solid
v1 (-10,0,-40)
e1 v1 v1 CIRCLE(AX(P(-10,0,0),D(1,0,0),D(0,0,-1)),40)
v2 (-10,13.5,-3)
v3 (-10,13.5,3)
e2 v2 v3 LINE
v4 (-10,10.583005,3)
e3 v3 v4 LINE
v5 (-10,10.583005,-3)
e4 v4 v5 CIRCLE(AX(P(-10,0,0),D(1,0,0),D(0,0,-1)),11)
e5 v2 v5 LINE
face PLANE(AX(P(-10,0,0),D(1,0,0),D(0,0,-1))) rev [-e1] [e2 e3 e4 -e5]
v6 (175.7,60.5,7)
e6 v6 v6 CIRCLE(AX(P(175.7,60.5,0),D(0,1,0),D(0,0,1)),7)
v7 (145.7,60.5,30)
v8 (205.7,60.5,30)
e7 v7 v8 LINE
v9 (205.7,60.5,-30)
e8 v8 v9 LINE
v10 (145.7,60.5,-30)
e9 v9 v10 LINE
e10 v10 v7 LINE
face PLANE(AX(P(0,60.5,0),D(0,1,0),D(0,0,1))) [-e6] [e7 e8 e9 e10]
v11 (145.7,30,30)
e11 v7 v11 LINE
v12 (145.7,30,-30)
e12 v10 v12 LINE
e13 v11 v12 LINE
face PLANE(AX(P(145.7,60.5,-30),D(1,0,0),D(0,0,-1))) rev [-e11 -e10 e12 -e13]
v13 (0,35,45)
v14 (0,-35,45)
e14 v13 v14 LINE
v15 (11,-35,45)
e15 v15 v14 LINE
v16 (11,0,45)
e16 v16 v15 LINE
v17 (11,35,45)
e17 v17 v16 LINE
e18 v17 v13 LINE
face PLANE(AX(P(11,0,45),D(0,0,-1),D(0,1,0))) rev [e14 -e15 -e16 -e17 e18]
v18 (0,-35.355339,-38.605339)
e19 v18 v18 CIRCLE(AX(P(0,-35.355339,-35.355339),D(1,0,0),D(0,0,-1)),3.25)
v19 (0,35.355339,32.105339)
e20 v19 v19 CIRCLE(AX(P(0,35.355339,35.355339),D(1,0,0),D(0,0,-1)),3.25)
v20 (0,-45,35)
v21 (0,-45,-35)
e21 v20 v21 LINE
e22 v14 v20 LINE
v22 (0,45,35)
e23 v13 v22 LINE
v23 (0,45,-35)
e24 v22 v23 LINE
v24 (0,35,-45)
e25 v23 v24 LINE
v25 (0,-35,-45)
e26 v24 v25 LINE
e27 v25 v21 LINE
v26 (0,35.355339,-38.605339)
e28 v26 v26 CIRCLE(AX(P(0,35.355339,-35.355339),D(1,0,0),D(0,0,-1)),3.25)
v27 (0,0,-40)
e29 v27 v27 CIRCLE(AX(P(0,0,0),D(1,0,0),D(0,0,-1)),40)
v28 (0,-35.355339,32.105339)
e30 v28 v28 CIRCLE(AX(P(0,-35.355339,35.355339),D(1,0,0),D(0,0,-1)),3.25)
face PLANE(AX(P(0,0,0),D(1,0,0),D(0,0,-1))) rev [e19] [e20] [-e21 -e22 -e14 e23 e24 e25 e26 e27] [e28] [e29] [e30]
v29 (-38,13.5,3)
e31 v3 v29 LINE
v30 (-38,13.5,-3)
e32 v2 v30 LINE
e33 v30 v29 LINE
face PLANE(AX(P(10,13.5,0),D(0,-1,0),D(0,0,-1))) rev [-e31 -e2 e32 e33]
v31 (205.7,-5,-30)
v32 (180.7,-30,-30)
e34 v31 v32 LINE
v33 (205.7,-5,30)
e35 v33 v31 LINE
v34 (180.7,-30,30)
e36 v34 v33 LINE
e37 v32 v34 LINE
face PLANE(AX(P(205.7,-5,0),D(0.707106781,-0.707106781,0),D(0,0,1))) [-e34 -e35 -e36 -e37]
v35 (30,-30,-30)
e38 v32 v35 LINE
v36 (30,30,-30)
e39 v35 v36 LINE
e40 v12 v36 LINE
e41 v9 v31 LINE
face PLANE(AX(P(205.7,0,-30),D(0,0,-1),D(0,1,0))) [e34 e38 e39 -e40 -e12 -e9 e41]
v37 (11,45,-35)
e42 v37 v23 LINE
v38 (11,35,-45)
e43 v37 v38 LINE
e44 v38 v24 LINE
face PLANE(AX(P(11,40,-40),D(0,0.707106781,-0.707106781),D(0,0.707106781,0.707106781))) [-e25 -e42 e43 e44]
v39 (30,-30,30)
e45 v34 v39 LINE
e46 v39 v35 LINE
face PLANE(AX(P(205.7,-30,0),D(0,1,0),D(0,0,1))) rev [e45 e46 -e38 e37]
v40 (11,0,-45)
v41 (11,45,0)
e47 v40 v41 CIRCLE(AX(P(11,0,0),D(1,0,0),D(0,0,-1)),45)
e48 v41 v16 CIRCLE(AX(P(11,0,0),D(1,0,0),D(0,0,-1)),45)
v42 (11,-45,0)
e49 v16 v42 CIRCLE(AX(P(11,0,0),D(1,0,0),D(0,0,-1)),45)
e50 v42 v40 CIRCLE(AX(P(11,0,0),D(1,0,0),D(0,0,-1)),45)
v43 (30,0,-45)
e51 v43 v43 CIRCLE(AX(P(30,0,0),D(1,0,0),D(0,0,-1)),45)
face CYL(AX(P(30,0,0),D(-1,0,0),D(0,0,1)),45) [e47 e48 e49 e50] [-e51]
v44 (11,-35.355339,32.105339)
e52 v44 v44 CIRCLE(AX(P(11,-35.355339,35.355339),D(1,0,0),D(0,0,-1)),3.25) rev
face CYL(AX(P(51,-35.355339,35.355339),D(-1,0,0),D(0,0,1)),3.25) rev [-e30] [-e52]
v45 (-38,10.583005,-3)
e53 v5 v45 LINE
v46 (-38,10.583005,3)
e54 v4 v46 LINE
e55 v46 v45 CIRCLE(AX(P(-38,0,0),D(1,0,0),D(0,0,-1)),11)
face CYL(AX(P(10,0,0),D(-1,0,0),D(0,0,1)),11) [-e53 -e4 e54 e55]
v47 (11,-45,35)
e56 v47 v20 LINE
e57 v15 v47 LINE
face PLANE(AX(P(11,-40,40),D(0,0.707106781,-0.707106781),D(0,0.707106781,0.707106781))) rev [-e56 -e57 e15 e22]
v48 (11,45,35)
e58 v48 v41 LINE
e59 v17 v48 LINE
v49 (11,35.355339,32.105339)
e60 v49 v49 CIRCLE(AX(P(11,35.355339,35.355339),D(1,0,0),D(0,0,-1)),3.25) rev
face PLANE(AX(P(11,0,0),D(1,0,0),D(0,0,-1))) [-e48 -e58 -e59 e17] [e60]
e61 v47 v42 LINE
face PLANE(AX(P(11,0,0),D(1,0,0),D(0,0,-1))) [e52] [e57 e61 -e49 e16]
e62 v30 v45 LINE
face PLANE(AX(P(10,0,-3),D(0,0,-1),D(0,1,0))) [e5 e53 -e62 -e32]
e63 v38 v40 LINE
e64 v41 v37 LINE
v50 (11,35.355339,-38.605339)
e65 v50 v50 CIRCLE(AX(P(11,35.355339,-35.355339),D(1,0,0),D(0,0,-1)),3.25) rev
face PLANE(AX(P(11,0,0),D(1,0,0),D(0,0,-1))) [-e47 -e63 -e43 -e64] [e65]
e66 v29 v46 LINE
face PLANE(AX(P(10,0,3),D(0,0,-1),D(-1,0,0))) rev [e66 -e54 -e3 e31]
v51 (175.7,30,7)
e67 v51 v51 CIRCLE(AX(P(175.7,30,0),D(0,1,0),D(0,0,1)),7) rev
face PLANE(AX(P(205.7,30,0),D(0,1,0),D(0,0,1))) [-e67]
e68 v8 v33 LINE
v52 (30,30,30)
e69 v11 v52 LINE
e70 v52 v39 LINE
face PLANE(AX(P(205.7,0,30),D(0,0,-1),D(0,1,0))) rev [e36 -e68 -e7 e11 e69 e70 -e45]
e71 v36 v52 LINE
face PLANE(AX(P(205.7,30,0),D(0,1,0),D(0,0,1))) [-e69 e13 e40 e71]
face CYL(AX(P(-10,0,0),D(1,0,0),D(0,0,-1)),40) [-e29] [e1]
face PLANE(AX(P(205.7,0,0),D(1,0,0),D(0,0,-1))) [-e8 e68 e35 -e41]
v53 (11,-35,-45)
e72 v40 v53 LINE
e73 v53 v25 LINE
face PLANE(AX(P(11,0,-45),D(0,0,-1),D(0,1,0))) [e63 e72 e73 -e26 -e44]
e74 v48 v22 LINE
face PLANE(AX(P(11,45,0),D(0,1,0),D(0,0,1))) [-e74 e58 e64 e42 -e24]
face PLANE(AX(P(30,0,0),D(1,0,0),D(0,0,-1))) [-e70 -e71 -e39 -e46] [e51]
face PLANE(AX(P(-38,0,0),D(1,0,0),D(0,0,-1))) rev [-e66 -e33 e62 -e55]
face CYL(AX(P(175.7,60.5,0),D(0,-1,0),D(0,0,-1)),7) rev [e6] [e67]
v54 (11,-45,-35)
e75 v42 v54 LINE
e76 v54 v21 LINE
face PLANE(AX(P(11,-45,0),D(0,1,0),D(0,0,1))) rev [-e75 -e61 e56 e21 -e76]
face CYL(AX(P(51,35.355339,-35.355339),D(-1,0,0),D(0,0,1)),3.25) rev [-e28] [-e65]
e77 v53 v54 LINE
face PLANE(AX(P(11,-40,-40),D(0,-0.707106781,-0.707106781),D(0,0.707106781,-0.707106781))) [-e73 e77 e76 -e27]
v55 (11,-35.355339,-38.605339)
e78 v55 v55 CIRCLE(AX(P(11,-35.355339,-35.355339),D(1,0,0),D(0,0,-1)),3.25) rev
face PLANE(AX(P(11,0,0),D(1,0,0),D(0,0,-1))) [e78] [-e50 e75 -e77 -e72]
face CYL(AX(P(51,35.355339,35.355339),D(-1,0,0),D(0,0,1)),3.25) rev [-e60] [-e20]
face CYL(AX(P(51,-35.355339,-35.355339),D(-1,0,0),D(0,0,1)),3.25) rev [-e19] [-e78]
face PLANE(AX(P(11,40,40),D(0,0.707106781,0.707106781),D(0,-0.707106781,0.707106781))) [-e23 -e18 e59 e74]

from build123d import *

# Parameters (mm, degrees)
BOSS_EXTRUDE1_DEPTH      = 10
BOSS_EXTRUDE1_DEPTH_BACK = 38
BOSS_EXTRUDE2_START      = -10
SKETCH1_3_R              = 40
BOSS_EXTRUDE2_DEPTH      = 10
SKETCH1_4_R              = 45
SKETCH1_4_R_2            = 11
BOSS_EXTRUDE3_DEPTH      = 9
SKETCH2_R                = 45
SKETCH2_W                = 60
SKETCH2_H                = 60
BOSS_EXTRUDE4_DEPTH      = 30
SKETCH2_3_W              = 60
SKETCH2_3_H              = 60
BOSS_EXTRUDE5_DEPTH      = 205.7
SKETCH3_W                = 60
SKETCH3_H                = 60
SKETCH3_R                = 7
BOSS_EXTRUDE6_DEPTH      = 60.5
CHAMFER1_SIZE            = 25
BOSS_EXTRUDE7_DEPTH      = 11
SKETCH7_R                = 3.25
CUT_EXTRUDE2_DEPTH       = 51


with BuildPart() as part:
    # Sketch1 → Boss-Extrude1 (new, two sides: drawn at the far end of the back side and taken through both)
    with BuildSketch(Plane(origin=(0, 0, 0), x_dir=(0, 0, -1), z_dir=(1, 0, 0)).offset(-BOSS_EXTRUDE1_DEPTH_BACK)):
        with BuildLine():
            Line((3, 10.583005244), (3, 13.5))
            Line((3, 13.5), (-3, 13.5))
            Line((-3, 13.5), (-3, 10.583005244))
            ThreePointArc((-3, 10.583005244), (0, -11), (3, 10.583005244))
        make_face()
    extrude(amount=BOSS_EXTRUDE1_DEPTH + BOSS_EXTRUDE1_DEPTH_BACK)

    # Sketch1<3> → Boss-Extrude2 (add)
    with BuildSketch(Plane(origin=(0, 0, 0), x_dir=(0, 0, -1), z_dir=(1, 0, 0)).offset(BOSS_EXTRUDE2_START)):
        Circle(SKETCH1_3_R)
        with BuildLine():
            Line((-3, 13.5), (3, 13.5))
            Line((3, 13.5), (3, 10.583005244))
            ThreePointArc((3, 10.583005244), (8.774964387, 6.633249581), (11, 0))
            ThreePointArc((11, 0), (-6.633249581, -8.774964387), (-3, 10.583005244))
            Line((-3, 10.583005244), (-3, 13.5))
        make_face(mode=Mode.SUBTRACT)
    extrude(amount=BOSS_EXTRUDE2_DEPTH)



with BuildPart() as body_2:
    # Sketch1<4> → Boss-Extrude3 (new body)
    with BuildSketch(Plane(origin=(0, 0, 0), x_dir=(0, 0, -1), z_dir=(1, 0, 0))):
        Circle(SKETCH1_4_R)
        Circle(SKETCH1_4_R_2, mode=Mode.SUBTRACT)
    extrude(amount=BOSS_EXTRUDE3_DEPTH)


with BuildPart() as part_1:
    add(part.part)

    add(body_2.part)  # Boss-Extrude4 merges body 2
    # Sketch2 → Boss-Extrude4 (add)
    with BuildSketch(Plane(origin=(0, 0, 0), x_dir=(0, 0, -1), z_dir=(1, 0, 0))):
        Circle(SKETCH2_R)
        Rectangle(SKETCH2_W, SKETCH2_H, mode=Mode.SUBTRACT)
    extrude(amount=BOSS_EXTRUDE4_DEPTH)

    # Sketch2<3> → Boss-Extrude5 (add)
    with BuildSketch(Plane(origin=(0, 0, 0), x_dir=(0, 0, -1), z_dir=(1, 0, 0))):
        Rectangle(SKETCH2_3_W, SKETCH2_3_H)
    extrude(amount=BOSS_EXTRUDE5_DEPTH)

    # Sketch3 → Boss-Extrude6 (add)
    with BuildSketch(Plane(origin=(0, 0, 0), x_dir=(1, 0, 0), z_dir=(0, 1, 0))):
        with Locations((175.7, 0)):
            Rectangle(SKETCH3_W, SKETCH3_H)
        with Locations((175.7, 0)):
            Circle(SKETCH3_R, mode=Mode.SUBTRACT)
    extrude(amount=BOSS_EXTRUDE6_DEPTH)

    # Chamfer1
    chamfer1_edges = [part_1.edges().sort_by_distance(p)[0] for p in [
        (205.7, -30, 0),
    ]]
    chamfer(chamfer1_edges, length=CHAMFER1_SIZE)

    # Sketch6 → Boss-Extrude7 (add)
    with BuildSketch(Plane(origin=(0, 0, 0), x_dir=(0, 0, -1), z_dir=(1, 0, 0))):
        Polygon((45, 35), (35, 45), (-35, 45), (-45, 35), (-45, -35), (-35, -45), (35, -45), (45, -35), align=None)
    extrude(amount=BOSS_EXTRUDE7_DEPTH)

    # Sketch7 → Cut-Extrude2 (cut)
    with BuildSketch(Plane(origin=(0, 0, 0), x_dir=(0, 0, -1), z_dir=(1, 0, 0))):
        with Locations((35.355339059, 35.355339059)):
            Circle(SKETCH7_R)
        with Locations((35.355339059, -35.355339059)):
            Circle(SKETCH7_R)
        with Locations((-35.355339059, 35.355339059)):
            Circle(SKETCH7_R)
        with Locations((-35.355339059, -35.355339059)):
            Circle(SKETCH7_R)
    extrude(amount=CUT_EXTRUDE2_DEPTH, mode=Mode.SUBTRACT)


solid = part_1.part
